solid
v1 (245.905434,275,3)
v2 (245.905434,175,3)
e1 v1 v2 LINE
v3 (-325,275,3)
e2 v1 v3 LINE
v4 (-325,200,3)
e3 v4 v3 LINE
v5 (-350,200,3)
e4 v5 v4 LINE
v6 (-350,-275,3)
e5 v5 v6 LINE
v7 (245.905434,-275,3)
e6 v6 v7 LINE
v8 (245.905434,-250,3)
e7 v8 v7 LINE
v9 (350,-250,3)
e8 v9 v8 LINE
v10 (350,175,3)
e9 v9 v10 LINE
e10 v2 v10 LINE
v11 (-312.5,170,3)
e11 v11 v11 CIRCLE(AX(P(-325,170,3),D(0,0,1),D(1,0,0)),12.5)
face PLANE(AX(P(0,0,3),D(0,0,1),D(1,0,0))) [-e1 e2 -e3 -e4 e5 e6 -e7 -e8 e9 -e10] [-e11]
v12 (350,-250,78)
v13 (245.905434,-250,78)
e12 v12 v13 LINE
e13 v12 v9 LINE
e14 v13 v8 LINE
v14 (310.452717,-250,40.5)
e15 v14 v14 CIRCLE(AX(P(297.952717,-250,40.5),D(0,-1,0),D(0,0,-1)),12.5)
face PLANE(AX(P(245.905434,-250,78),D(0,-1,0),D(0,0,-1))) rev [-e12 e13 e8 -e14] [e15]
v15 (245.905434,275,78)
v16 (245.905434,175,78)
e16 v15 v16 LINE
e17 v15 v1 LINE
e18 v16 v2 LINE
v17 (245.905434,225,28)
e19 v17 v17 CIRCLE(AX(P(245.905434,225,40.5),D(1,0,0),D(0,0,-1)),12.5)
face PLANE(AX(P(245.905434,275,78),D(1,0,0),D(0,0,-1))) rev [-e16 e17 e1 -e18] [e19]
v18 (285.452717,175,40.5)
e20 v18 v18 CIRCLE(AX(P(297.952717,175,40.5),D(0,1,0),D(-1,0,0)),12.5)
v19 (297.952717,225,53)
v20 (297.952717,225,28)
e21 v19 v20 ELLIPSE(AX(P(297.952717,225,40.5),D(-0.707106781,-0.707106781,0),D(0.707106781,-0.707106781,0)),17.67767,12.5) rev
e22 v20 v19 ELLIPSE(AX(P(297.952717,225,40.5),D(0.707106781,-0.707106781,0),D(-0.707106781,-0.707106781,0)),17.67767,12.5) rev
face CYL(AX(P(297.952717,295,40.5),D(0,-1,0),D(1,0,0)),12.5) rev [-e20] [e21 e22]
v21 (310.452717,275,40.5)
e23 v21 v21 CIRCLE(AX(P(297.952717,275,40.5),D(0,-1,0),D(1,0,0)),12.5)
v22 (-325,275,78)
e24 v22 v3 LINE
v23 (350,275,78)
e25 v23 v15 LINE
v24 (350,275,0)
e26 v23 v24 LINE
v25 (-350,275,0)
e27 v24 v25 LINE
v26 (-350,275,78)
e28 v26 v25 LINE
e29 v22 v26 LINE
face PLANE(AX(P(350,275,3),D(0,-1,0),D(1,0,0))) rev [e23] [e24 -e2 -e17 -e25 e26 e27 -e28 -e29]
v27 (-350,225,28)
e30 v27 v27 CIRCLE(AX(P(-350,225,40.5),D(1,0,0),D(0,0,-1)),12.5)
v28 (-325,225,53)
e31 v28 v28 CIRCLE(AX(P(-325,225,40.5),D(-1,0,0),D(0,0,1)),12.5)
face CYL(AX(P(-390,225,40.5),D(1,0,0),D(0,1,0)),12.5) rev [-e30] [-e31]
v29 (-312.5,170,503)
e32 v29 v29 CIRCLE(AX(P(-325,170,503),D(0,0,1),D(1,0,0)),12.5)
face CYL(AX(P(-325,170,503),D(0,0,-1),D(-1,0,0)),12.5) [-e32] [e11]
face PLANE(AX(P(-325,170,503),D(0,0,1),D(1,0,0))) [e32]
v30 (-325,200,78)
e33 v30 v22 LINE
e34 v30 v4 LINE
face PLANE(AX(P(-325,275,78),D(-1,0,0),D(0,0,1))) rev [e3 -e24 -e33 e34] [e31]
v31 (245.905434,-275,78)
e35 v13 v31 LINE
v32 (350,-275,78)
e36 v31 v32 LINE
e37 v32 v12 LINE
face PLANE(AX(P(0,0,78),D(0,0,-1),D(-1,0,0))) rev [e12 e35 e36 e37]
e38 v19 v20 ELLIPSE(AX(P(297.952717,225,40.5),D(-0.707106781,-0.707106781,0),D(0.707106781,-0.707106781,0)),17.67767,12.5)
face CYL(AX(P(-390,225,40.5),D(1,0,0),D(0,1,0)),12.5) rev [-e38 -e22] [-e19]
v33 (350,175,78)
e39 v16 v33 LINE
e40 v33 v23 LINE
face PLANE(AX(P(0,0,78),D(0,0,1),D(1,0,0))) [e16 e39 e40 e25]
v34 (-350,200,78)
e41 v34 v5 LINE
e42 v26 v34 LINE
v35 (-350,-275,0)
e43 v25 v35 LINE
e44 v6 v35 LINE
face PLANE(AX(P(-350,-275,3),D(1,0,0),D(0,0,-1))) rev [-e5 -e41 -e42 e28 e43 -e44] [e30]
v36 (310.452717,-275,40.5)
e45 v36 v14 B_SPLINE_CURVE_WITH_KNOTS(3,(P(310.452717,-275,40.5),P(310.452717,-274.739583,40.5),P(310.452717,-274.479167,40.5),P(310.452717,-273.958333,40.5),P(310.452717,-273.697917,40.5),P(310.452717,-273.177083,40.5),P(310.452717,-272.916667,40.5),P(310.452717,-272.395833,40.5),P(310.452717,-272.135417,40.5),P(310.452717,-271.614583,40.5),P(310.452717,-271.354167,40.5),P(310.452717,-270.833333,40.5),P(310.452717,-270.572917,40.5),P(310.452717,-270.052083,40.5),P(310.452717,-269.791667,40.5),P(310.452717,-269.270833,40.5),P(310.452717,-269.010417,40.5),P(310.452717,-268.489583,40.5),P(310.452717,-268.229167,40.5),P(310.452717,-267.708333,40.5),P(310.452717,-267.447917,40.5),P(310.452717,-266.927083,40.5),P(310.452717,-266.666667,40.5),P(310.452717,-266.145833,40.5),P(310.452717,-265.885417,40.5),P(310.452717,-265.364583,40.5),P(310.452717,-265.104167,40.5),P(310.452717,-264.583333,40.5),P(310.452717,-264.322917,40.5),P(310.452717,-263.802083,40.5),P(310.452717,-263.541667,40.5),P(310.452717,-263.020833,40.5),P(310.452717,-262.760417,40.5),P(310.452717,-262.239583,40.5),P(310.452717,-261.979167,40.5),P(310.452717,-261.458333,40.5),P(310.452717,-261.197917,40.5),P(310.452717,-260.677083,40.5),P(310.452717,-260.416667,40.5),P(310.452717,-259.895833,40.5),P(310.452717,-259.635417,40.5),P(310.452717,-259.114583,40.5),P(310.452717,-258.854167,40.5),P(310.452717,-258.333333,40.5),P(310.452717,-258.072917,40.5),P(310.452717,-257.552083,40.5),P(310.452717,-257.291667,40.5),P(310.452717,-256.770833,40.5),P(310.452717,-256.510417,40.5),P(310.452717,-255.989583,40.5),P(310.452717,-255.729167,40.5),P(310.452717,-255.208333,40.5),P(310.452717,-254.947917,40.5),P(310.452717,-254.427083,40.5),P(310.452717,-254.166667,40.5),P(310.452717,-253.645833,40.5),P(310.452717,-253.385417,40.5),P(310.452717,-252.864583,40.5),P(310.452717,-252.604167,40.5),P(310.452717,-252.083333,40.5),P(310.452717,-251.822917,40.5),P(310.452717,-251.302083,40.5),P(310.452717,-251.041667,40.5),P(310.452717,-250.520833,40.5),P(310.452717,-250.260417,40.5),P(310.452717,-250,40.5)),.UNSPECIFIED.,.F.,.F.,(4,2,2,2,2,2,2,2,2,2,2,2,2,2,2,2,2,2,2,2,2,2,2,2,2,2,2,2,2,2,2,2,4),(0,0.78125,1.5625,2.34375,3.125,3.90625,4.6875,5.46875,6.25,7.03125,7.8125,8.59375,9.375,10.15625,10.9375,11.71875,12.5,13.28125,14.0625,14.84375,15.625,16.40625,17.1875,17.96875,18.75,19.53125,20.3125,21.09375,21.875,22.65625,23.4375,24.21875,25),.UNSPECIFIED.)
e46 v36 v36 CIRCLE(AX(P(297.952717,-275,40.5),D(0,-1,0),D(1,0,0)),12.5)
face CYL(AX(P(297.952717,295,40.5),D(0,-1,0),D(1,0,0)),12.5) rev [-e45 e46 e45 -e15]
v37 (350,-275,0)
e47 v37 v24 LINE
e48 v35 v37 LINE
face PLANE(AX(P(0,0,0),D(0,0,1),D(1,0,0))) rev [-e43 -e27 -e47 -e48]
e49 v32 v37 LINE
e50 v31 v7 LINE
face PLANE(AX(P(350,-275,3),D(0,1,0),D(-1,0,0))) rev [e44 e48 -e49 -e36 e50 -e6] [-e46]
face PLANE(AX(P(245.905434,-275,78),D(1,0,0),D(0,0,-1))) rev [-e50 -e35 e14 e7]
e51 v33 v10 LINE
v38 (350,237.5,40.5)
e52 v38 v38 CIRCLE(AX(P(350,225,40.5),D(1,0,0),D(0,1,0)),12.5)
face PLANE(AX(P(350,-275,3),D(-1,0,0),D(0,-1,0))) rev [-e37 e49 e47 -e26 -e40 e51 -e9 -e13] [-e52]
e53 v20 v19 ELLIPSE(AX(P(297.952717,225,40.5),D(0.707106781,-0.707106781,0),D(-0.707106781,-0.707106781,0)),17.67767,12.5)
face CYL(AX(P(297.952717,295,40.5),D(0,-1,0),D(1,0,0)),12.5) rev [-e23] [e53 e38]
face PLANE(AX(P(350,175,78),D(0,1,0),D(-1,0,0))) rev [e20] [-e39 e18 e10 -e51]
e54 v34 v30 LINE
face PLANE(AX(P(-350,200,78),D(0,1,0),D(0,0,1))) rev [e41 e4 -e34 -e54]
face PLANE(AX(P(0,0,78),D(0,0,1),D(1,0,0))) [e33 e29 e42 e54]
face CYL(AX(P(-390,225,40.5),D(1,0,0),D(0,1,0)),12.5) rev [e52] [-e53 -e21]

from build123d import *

# Parameters (mm, degrees)
CROQUIS1_W              = 700
CROQUIS1_H              = 550
SALIENTE_EXTRUIR1_DEPTH = 3
CROQUIS2_W              = 25
CROQUIS2_H              = 75
CROQUIS2_W_2            = 104.094566175
CROQUIS2_H_2            = 25
SALIENTE_EXTRUIR2_DEPTH = 75
CROQUIS4_R              = 12.5
CORTAR_EXTRUIR1_DEPTH   = 570
CROQUIS5_R              = 12.5
CORTAR_EXTRUIR2_DEPTH   = 740
CROQUIS7_R              = 12.5
SALIENTE_EXTRUIR4_DEPTH = 500


with BuildPart() as part:
    # Croquis1 → Saliente-Extruir1 (new body)
    with BuildSketch(Plane.XY):
        Rectangle(CROQUIS1_W, CROQUIS1_H)
    extrude(amount=SALIENTE_EXTRUIR1_DEPTH)

    # Croquis2 → Saliente-Extruir2 (add)
    with BuildSketch(Plane.XY.offset(3)):
        Polygon((350, 275), (350, 200), (350, 175), (245.905433825, 175), (245.905433825, 275), align=None)
        with Locations((-337.5, 237.5)):
            Rectangle(CROQUIS2_W, CROQUIS2_H)
        with Locations((297.952716913, -262.5)):
            Rectangle(CROQUIS2_W_2, CROQUIS2_H_2)
    extrude(amount=SALIENTE_EXTRUIR2_DEPTH)

    # Croquis4 → Cortar-Extruir1 (cut)
    with BuildSketch(Plane.XZ.offset(275)):
        with Locations((297.952716912, 40.5)):
            Circle(CROQUIS4_R)
    extrude(amount=-CORTAR_EXTRUIR1_DEPTH, mode=Mode.SUBTRACT)

    # Croquis5 → Cortar-Extruir2 (cut)
    with BuildSketch(Plane(origin=(350, 0, 0), x_dir=(0, 0, -1), z_dir=(1, 0, 0))):
        with Locations(Location((-40.5, 225, 0), (0, 0, 90))):
            Circle(CROQUIS5_R)
    extrude(amount=-CORTAR_EXTRUIR2_DEPTH, mode=Mode.SUBTRACT)

    # Croquis7 → Saliente-Extruir4 (add)
    with BuildSketch(Plane.XY.offset(3)):
        with Locations((-325, 170)):
            Circle(CROQUIS7_R)
    extrude(amount=SALIENTE_EXTRUIR4_DEPTH)


solid = part.part
